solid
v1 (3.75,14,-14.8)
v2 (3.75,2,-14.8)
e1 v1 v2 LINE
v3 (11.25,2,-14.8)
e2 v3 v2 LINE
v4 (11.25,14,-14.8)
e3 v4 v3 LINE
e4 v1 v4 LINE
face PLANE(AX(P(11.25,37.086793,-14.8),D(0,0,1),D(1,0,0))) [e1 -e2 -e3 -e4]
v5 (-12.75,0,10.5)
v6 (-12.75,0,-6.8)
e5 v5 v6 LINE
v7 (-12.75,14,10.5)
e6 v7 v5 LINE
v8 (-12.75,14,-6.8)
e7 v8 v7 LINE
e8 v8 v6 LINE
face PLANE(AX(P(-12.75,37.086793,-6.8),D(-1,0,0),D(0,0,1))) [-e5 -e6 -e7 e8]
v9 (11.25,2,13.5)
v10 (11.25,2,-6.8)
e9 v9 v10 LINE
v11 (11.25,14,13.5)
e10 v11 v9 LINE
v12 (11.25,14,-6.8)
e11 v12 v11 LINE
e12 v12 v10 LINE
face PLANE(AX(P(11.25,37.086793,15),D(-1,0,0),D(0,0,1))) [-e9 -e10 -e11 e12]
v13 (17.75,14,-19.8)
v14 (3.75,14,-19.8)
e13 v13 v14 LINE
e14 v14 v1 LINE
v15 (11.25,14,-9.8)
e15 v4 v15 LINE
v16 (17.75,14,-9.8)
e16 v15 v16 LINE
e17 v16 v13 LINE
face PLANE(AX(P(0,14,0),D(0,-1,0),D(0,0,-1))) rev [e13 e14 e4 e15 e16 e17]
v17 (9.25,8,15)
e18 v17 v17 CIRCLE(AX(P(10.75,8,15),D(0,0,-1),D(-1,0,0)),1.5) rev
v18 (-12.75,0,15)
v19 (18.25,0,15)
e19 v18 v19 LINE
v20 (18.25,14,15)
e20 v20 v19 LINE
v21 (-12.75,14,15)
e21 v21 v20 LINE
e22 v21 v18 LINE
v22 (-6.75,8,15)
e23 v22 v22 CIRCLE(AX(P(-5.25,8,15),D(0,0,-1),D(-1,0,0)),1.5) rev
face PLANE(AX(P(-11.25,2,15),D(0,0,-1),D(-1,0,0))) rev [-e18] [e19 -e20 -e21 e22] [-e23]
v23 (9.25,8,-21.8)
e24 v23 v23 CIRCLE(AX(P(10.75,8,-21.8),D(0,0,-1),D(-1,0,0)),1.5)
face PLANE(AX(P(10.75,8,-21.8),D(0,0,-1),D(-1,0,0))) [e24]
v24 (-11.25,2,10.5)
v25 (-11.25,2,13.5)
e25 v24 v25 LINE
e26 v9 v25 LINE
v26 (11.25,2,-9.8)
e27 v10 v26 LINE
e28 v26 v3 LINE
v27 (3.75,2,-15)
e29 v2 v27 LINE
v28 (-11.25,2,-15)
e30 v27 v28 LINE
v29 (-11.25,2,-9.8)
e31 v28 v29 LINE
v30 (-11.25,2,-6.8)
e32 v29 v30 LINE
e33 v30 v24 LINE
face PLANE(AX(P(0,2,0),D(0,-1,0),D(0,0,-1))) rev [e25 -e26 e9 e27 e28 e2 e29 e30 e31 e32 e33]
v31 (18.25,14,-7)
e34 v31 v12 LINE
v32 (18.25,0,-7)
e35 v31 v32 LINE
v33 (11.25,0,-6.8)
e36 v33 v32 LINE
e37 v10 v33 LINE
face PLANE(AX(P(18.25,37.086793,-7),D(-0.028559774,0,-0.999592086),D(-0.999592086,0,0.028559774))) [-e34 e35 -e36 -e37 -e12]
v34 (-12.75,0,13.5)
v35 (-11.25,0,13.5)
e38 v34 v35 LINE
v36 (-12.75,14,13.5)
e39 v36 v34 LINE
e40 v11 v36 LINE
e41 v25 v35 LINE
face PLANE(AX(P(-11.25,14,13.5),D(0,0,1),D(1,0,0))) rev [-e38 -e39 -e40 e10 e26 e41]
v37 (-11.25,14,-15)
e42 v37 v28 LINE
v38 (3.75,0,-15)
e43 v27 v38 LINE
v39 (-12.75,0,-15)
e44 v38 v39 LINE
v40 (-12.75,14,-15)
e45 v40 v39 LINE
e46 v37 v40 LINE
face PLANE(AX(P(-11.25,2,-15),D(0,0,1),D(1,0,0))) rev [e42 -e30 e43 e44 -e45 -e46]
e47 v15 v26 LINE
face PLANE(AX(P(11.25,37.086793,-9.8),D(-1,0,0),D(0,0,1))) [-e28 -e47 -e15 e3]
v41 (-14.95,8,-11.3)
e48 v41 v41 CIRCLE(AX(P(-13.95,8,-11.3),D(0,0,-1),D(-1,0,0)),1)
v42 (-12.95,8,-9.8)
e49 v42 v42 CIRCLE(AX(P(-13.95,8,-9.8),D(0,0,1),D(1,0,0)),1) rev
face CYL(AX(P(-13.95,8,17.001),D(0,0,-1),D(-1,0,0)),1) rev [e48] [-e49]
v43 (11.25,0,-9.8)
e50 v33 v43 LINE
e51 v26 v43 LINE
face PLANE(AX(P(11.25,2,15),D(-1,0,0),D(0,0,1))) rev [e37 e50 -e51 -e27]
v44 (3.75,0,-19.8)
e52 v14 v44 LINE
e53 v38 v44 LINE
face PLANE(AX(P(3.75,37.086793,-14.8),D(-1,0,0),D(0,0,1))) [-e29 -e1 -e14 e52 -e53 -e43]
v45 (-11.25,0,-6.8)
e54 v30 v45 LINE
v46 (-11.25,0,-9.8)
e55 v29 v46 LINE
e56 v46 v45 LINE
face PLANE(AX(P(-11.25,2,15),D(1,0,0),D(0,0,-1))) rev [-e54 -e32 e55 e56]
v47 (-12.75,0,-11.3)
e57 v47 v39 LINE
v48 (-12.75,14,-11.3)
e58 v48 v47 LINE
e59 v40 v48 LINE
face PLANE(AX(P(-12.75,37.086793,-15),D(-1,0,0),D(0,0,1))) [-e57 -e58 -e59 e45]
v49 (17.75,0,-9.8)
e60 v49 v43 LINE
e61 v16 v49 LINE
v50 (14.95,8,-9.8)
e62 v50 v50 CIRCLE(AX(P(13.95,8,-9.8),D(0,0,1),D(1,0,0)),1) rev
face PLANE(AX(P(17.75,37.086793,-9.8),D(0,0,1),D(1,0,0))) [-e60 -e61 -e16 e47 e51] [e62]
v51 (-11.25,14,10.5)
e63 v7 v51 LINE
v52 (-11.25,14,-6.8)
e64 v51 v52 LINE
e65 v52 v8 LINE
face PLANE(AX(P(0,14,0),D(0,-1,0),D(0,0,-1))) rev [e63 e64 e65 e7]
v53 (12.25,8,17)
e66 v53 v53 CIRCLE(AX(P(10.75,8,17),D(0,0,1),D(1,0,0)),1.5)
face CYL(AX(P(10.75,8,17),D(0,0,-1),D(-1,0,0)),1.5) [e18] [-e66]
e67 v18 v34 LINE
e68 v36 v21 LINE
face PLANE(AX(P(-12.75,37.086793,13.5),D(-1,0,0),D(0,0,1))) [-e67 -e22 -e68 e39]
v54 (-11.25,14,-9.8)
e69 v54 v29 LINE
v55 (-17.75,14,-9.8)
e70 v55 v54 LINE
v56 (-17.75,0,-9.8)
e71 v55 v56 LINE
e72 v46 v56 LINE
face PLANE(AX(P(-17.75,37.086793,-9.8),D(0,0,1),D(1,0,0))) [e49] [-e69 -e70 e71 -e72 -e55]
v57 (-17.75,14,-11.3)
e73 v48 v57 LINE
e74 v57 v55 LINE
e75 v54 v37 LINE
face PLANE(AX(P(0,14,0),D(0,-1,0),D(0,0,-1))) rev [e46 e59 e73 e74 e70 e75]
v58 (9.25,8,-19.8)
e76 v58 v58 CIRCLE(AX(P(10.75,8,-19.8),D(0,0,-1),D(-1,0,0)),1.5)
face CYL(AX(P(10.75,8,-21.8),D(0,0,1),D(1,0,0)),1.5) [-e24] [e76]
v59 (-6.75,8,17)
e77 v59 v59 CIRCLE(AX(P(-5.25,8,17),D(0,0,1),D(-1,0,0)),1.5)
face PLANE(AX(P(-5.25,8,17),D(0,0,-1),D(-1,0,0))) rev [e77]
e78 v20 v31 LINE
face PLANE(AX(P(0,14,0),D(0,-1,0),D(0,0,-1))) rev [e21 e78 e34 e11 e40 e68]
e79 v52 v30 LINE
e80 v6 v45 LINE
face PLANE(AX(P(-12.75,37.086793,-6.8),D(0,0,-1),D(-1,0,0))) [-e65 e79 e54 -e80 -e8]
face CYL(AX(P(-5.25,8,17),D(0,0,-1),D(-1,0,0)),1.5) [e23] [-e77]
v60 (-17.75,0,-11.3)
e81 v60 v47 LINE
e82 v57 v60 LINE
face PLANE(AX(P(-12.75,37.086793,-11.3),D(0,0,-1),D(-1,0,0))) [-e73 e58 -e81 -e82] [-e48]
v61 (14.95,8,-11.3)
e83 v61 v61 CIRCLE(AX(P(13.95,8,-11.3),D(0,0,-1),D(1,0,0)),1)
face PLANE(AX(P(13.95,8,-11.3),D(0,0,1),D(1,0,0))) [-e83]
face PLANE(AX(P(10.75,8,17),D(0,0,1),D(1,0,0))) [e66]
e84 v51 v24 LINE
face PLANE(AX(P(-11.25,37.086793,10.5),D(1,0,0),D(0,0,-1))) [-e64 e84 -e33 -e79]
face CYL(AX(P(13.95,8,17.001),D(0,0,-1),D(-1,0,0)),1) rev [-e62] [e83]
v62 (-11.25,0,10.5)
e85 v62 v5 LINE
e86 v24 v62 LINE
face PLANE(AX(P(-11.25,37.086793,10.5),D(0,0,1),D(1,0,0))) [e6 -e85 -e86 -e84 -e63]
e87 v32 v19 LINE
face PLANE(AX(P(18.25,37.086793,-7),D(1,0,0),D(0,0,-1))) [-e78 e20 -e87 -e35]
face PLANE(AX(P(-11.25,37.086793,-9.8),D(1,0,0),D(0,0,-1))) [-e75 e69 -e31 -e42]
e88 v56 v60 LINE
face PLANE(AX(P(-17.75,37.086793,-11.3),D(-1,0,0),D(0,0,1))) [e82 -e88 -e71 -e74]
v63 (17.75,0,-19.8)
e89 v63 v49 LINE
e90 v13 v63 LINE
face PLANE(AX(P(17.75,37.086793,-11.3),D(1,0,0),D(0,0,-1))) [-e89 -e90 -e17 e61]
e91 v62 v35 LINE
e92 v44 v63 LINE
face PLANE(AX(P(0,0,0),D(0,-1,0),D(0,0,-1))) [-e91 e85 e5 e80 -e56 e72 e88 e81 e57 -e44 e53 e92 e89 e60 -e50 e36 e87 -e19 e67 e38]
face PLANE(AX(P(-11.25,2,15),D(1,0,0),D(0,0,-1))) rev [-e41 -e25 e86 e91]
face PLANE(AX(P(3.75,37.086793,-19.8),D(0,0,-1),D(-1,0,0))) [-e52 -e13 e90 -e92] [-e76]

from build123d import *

# Parameters (mm, degrees)
SKETCH_1_W          = 22.5
SKETCH_1_H          = 30
EXTRUDE_1_DEPTH     = 2
SKETCH_2_W          = 22.5
SKETCH_2_H          = 1.5
EXTRUDE_2_DEPTH     = 12
EXTRUDE_4_REACH     = 25.4
SKETCH_3_W          = 1.5
SKETCH_3_H          = 17.3
SKETCH_3_H_2        = 1.5
SKETCH_6_R          = 1.5
EXTRUDE_5_DEPTH     = 2
EXTRUDE_START       = 2
SKETCH_7_R          = 1.5
EXTRUDE_6_DEPTH     = 2
CUT_EXTRUDE_1_REACH = 38.469
SKETCH_8_R          = 1


with BuildPart() as part:
    # 草图1 → 凸台-拉伸1 (new body)
    with BuildSketch(Plane(origin=(0, 0, 0), x_dir=(1, 0, 0), z_dir=(0, 1, 0))):
        Rectangle(SKETCH_1_W, SKETCH_1_H)
    extrude(amount=EXTRUDE_1_DEPTH)

    # 草图2 → 凸台-拉伸2 (add)
    with BuildSketch(Plane(origin=(0, 2, 0), x_dir=(1, 0, 0), z_dir=(0, 1, 0))):
        with Locations((0, -14.25)):
            Rectangle(SKETCH_2_W, SKETCH_2_H)
    extrude(amount=EXTRUDE_2_DEPTH)

    # 凸台-拉伸4: up to this face of the body (flat: up to its plane)
    extrude_4_end = Plane(part.part.faces().sort_by_distance((0, 14, 14.25))[0])
    # 草图3 → 凸台-拉伸4 (add, up to the picked face)
    with BuildSketch(Plane.XZ, mode=Mode.PRIVATE) as extrude_4_sk1:
        Polygon((-11.25, -15), (-12.75, -15), (-12.75, -11.3), (-17.75, -11.3), (-17.75, -9.8), (-12.75, -9.8), (-11.25, -9.8), align=None)
    extrude_4_tool1 = split(extrude(extrude_4_sk1.sketch, amount=-EXTRUDE_4_REACH, mode=Mode.PRIVATE), bisect_by=extrude_4_end, keep=Keep.BOTH, mode=Mode.PRIVATE)
    # 草图3 → 凸台-拉伸4 (add, up to the picked face)
    with BuildSketch(Plane.XZ, mode=Mode.PRIVATE) as extrude_4_sk2:
        with Locations((-12, 1.85)):
            Rectangle(SKETCH_3_W, SKETCH_3_H)
    extrude_4_tool2 = split(extrude(extrude_4_sk2.sketch, amount=-EXTRUDE_4_REACH, mode=Mode.PRIVATE), bisect_by=extrude_4_end, keep=Keep.BOTH, mode=Mode.PRIVATE)
    # 草图3 → 凸台-拉伸4 (add, up to the picked face)
    with BuildSketch(Plane.XZ, mode=Mode.PRIVATE) as extrude_4_sk3:
        with Locations((-12, 14.25)):
            Rectangle(SKETCH_3_W, SKETCH_3_H_2)
    extrude_4_tool3 = split(extrude(extrude_4_sk3.sketch, amount=-EXTRUDE_4_REACH, mode=Mode.PRIVATE), bisect_by=extrude_4_end, keep=Keep.BOTH, mode=Mode.PRIVATE)
    # 草图3 → 凸台-拉伸4 (add, up to the picked face)
    with BuildSketch(Plane.XZ, mode=Mode.PRIVATE) as extrude_4_sk4:
        Polygon((11.25, -9.8), (11.25, -14.8), (3.75, -14.8), (3.75, -19.8), (17.75, -19.8), (17.75, -11.3), (17.75, -9.8), (12.75, -9.8), align=None)
    extrude_4_tool4 = split(extrude(extrude_4_sk4.sketch, amount=-EXTRUDE_4_REACH, mode=Mode.PRIVATE), bisect_by=extrude_4_end, keep=Keep.BOTH, mode=Mode.PRIVATE)
    # 草图3 → 凸台-拉伸4 (add, up to the picked face)
    with BuildSketch(Plane.XZ, mode=Mode.PRIVATE) as extrude_4_sk5:
        Polygon((18.25, -7), (11.25, -6.8), (11.25, 15), (18.25, 15), align=None)
    extrude_4_tool5 = split(extrude(extrude_4_sk5.sketch, amount=-EXTRUDE_4_REACH, mode=Mode.PRIVATE), bisect_by=extrude_4_end, keep=Keep.BOTH, mode=Mode.PRIVATE)
    add(extrude_4_tool1.solids().sort_by(Axis((-12, 0, -14.916759), (0, 1, 0)))[0])
    add(extrude_4_tool2.solids().sort_by(Axis((-12, 0, 1.85), (0, 1, 0)))[0])
    add(extrude_4_tool3.solids().sort_by(Axis((-12, 0, 14.25), (0, 1, 0)))[0])
    add(extrude_4_tool4.solids().sort_by(Axis((11.939024, 0, -15.714634), (0, 1, 0)))[0])
    add(extrude_4_tool5.solids().sort_by(Axis((14.755327, 0, 4.049924), (0, 1, 0)))[0])

    # 草图6 → 凸台-拉伸5 (add)
    with BuildSketch(Plane(origin=(0, 0, -19.8), x_dir=(-1, 0, 0), z_dir=(0, 0, -1))):
        with Locations((-10.75, 8)):
            Circle(SKETCH_6_R)
    extrude(amount=EXTRUDE_5_DEPTH)

    # 草图7 → 凸台-拉伸6 (add)
    with BuildSketch(Plane.XY.offset(15).offset(EXTRUDE_START)):
        with Locations(Location((10.75, 8, 0), (0, 0, 180))):
            Circle(SKETCH_7_R)
        with Locations(Location((-5.25, 8, 0), (0, 0, 180))):
            Circle(SKETCH_7_R)
    extrude(amount=-EXTRUDE_6_DEPTH)

    # 草图8 → 切除-拉伸1 (cut, up to next)
    with BuildSketch(Plane(origin=(0, 0, -11.3), x_dir=(-1, 0, 0), z_dir=(0, 0, -1)), mode=Mode.PRIVATE) as cut_extrude_1_sk1:
        with Locations((13.95, 8)):
            Circle(SKETCH_8_R)
    cut_extrude_1_tool1 = extrude(cut_extrude_1_sk1.sketch, amount=-CUT_EXTRUDE_1_REACH, mode=Mode.PRIVATE) & part.part
    # 草图8 → 切除-拉伸1 (cut, up to next)
    with BuildSketch(Plane(origin=(0, 0, -11.3), x_dir=(-1, 0, 0), z_dir=(0, 0, -1)), mode=Mode.PRIVATE) as cut_extrude_1_sk2:
        with Locations(Location((-13.95, 8, 0), (0, 0, 180))):
            Circle(SKETCH_8_R)
    cut_extrude_1_tool2 = extrude(cut_extrude_1_sk2.sketch, amount=-CUT_EXTRUDE_1_REACH, mode=Mode.PRIVATE) & part.part
    add(cut_extrude_1_tool1.solids().sort_by_distance((-13.95, 8, -11.3))[0], mode=Mode.SUBTRACT)
    add(cut_extrude_1_tool2.solids().sort_by_distance((13.95, 8, -11.3))[0], mode=Mode.SUBTRACT)


solid = part.part
